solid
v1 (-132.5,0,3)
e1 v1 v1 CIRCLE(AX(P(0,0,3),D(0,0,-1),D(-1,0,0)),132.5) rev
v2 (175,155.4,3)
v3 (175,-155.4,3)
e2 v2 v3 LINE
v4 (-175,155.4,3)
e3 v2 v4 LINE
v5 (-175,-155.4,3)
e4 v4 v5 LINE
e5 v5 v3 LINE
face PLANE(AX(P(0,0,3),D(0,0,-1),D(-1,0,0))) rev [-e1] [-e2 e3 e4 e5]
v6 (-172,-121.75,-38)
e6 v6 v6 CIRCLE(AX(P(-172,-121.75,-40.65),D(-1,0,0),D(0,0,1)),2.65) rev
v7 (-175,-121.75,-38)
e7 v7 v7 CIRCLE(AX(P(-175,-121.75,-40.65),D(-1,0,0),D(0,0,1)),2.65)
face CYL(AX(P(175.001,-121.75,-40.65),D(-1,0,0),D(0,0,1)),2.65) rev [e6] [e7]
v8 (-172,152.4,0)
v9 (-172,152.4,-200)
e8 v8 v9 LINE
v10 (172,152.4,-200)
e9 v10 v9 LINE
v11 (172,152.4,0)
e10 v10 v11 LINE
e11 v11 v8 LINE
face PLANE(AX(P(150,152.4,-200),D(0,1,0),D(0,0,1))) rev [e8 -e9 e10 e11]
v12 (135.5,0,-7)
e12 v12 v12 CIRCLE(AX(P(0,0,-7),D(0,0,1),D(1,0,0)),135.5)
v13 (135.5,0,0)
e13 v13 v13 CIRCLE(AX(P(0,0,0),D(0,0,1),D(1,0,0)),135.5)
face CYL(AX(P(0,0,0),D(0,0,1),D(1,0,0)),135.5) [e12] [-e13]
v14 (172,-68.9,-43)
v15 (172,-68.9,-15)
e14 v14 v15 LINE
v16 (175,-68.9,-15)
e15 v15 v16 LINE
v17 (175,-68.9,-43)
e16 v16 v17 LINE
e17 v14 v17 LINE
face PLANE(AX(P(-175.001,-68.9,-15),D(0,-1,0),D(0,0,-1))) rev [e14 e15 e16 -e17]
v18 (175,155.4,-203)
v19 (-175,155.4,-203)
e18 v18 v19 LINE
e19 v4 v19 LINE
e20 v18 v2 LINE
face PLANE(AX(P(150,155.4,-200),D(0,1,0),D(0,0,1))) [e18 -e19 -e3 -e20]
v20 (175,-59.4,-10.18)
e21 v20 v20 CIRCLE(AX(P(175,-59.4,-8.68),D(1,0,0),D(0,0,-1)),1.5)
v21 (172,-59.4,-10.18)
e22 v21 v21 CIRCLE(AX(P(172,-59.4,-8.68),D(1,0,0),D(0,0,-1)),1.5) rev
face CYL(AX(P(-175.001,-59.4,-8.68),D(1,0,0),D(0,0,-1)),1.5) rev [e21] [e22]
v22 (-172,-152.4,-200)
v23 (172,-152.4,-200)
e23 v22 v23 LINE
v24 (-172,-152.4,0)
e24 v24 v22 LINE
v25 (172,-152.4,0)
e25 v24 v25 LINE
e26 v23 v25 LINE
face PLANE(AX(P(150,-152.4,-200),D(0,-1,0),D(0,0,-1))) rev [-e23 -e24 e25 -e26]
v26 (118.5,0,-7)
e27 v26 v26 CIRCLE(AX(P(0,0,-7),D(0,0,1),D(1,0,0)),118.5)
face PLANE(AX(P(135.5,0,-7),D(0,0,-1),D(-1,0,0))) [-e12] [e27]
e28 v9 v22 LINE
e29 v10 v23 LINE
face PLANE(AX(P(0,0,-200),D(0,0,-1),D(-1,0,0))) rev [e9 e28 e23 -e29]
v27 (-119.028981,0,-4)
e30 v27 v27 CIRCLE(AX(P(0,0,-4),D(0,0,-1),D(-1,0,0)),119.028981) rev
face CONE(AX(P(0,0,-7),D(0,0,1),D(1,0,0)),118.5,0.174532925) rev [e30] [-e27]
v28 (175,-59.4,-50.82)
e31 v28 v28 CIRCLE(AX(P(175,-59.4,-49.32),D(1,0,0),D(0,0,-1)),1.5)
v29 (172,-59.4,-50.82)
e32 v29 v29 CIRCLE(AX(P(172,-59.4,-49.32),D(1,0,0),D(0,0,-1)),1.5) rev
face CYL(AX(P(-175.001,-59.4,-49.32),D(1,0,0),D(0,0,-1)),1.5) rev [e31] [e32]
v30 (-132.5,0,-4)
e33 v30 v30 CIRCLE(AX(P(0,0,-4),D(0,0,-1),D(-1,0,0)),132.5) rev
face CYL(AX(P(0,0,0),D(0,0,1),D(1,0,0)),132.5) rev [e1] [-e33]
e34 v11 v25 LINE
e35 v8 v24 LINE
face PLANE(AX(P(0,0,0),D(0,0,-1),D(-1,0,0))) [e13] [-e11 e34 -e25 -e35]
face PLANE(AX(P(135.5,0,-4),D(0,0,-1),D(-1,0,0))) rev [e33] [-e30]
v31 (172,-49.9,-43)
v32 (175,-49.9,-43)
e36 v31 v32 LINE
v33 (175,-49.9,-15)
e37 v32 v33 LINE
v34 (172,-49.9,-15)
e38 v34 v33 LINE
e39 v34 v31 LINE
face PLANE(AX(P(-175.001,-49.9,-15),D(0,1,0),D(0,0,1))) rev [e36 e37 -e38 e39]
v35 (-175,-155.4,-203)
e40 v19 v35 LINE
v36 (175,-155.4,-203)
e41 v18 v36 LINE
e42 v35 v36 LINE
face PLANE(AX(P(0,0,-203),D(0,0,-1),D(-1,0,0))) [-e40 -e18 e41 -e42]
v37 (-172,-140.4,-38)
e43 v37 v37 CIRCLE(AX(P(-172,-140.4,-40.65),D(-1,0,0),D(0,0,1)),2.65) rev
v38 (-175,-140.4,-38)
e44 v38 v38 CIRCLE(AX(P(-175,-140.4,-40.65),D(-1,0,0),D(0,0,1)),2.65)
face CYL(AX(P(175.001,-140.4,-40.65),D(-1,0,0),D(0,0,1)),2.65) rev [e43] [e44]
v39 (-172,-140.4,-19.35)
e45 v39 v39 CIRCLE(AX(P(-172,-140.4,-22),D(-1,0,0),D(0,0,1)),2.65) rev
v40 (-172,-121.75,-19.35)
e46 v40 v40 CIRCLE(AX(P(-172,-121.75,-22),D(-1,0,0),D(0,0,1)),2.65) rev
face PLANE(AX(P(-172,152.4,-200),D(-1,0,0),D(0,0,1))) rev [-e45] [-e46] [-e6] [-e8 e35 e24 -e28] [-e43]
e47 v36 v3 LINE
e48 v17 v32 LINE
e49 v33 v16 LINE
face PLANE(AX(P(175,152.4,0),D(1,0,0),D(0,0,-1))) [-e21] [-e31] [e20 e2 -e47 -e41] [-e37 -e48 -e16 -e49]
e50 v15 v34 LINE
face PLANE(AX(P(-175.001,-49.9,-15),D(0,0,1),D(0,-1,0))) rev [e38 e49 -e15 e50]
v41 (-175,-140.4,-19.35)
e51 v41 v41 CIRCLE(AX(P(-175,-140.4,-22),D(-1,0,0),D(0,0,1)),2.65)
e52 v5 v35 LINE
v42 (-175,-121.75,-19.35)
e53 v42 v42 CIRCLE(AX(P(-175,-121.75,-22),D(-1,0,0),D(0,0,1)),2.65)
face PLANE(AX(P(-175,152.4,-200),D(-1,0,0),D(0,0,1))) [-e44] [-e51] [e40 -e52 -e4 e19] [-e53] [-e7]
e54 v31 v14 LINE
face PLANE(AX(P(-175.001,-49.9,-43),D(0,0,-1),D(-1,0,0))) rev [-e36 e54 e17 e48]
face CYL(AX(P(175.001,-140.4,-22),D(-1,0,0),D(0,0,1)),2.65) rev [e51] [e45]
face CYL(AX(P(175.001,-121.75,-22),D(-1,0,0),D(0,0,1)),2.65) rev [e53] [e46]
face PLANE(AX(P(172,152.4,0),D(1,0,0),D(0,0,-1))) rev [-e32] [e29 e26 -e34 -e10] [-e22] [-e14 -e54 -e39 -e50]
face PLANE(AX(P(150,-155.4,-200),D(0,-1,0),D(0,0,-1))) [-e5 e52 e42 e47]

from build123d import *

# Parameters (mm, degrees)
SKETCH1_W           = 300
SKETCH1_H           = 304.8
BOSS_EXTRUDE1_DEPTH = 200
BOSS_EXTRUDE3_DEPTH = 304.8
SHELL1_T            = 3
CUT_EXTRUDE3_REACH  = 435.426
SKETCH8_R           = 2.65
CUT_EXTRUDE4_REACH  = 435.426
SKETCH9_R           = 1.5
SKETCH9_W           = 28
SKETCH9_H           = 19


with BuildPart() as part:
    # Sketch1 → Boss-Extrude1 (new body)
    with BuildSketch(Plane.XY):
        Rectangle(SKETCH1_W, SKETCH1_H)
    extrude(amount=-BOSS_EXTRUDE1_DEPTH)

    # Sketch7 → Boss-Extrude3 (add, through all)
    with BuildSketch(Plane.XZ.offset(152.4)):
        Polygon((-172, -200), (-172, -127.5), (-172, 0), (172, 0), (172, -127.5), (172, -200), align=None)
    extrude(amount=-BOSS_EXTRUDE3_DEPTH)

    # Sketch2 → Cut-Revolve1 (revolve, cut)
    with BuildSketch(Plane(origin=(0, 0, 0), x_dir=(1, 0, 0), z_dir=(0, 1, 0))):
        Polygon((0, 0), (135.5, 0), (135.5, 7), (118.5, 7), (111.799574733, 45), (0, 45), align=None)
    revolve(axis=Axis((0, 0, 0), (0, 0, -1)), mode=Mode.SUBTRACT)

    # Shell1
    shell1_openings = [part.faces().sort_by_distance(p)[0] for p in [
        (-115.149787367, 0, -26),
        (0, 0, -45),
    ]]
    offset(amount=SHELL1_T, openings=shell1_openings, kind=Kind.INTERSECTION)

    # Sketch8 → Cut-Extrude3 (cut, up to next)
    with BuildSketch(Plane.ZY.offset(175), mode=Mode.PRIVATE) as cut_extrude3_sk1:
        with Locations((-40.65, -121.75)):
            Circle(SKETCH8_R)
    cut_extrude3_tool1 = extrude(cut_extrude3_sk1.sketch, amount=-CUT_EXTRUDE3_REACH, mode=Mode.PRIVATE) & part.part
    # Sketch8 → Cut-Extrude3 (cut, up to next)
    with BuildSketch(Plane.ZY.offset(175), mode=Mode.PRIVATE) as cut_extrude3_sk2:
        with Locations((-22, -121.75)):
            Circle(SKETCH8_R)
    cut_extrude3_tool2 = extrude(cut_extrude3_sk2.sketch, amount=-CUT_EXTRUDE3_REACH, mode=Mode.PRIVATE) & part.part
    # Sketch8 → Cut-Extrude3 (cut, up to next)
    with BuildSketch(Plane.ZY.offset(175), mode=Mode.PRIVATE) as cut_extrude3_sk3:
        with Locations((-22, -140.4)):
            Circle(SKETCH8_R)
    cut_extrude3_tool3 = extrude(cut_extrude3_sk3.sketch, amount=-CUT_EXTRUDE3_REACH, mode=Mode.PRIVATE) & part.part
    # Sketch8 → Cut-Extrude3 (cut, up to next)
    with BuildSketch(Plane.ZY.offset(175), mode=Mode.PRIVATE) as cut_extrude3_sk4:
        with Locations((-40.65, -140.4)):
            Circle(SKETCH8_R)
    cut_extrude3_tool4 = extrude(cut_extrude3_sk4.sketch, amount=-CUT_EXTRUDE3_REACH, mode=Mode.PRIVATE) & part.part
    add(cut_extrude3_tool1.solids().sort_by_distance((-175, -121.75, -40.65))[0], mode=Mode.SUBTRACT)
    add(cut_extrude3_tool2.solids().sort_by_distance((-175, -121.75, -22))[0], mode=Mode.SUBTRACT)
    add(cut_extrude3_tool3.solids().sort_by_distance((-175, -140.4, -22))[0], mode=Mode.SUBTRACT)
    add(cut_extrude3_tool4.solids().sort_by_distance((-175, -140.4, -40.65))[0], mode=Mode.SUBTRACT)

    # Sketch9 → Cut-Extrude4 (cut, up to next)
    with BuildSketch(Plane(origin=(175, 0, 0), x_dir=(0, 0, -1), z_dir=(1, 0, 0)), mode=Mode.PRIVATE) as cut_extrude4_sk1:
        with Locations((8.68, -59.4)):
            Circle(SKETCH9_R)
    cut_extrude4_tool1 = extrude(cut_extrude4_sk1.sketch, amount=-CUT_EXTRUDE4_REACH, mode=Mode.PRIVATE) & part.part
    # Sketch9 → Cut-Extrude4 (cut, up to next)
    with BuildSketch(Plane(origin=(175, 0, 0), x_dir=(0, 0, -1), z_dir=(1, 0, 0)), mode=Mode.PRIVATE) as cut_extrude4_sk2:
        with Locations((49.32, -59.4)):
            Circle(SKETCH9_R)
    cut_extrude4_tool2 = extrude(cut_extrude4_sk2.sketch, amount=-CUT_EXTRUDE4_REACH, mode=Mode.PRIVATE) & part.part
    # Sketch9 → Cut-Extrude4 (cut, up to next)
    with BuildSketch(Plane(origin=(175, 0, 0), x_dir=(0, 0, -1), z_dir=(1, 0, 0)), mode=Mode.PRIVATE) as cut_extrude4_sk3:
        with Locations((29, -59.4)):
            Rectangle(SKETCH9_W, SKETCH9_H)
    cut_extrude4_tool3 = extrude(cut_extrude4_sk3.sketch, amount=-CUT_EXTRUDE4_REACH, mode=Mode.PRIVATE) & part.part
    add(cut_extrude4_tool1.solids().sort_by_distance((175, -59.4, -8.68))[0], mode=Mode.SUBTRACT)
    add(cut_extrude4_tool2.solids().sort_by_distance((175, -59.4, -49.32))[0], mode=Mode.SUBTRACT)
    add(cut_extrude4_tool3.solids().sort_by_distance((175, -59.4, -29))[0], mode=Mode.SUBTRACT)


solid = part.part
